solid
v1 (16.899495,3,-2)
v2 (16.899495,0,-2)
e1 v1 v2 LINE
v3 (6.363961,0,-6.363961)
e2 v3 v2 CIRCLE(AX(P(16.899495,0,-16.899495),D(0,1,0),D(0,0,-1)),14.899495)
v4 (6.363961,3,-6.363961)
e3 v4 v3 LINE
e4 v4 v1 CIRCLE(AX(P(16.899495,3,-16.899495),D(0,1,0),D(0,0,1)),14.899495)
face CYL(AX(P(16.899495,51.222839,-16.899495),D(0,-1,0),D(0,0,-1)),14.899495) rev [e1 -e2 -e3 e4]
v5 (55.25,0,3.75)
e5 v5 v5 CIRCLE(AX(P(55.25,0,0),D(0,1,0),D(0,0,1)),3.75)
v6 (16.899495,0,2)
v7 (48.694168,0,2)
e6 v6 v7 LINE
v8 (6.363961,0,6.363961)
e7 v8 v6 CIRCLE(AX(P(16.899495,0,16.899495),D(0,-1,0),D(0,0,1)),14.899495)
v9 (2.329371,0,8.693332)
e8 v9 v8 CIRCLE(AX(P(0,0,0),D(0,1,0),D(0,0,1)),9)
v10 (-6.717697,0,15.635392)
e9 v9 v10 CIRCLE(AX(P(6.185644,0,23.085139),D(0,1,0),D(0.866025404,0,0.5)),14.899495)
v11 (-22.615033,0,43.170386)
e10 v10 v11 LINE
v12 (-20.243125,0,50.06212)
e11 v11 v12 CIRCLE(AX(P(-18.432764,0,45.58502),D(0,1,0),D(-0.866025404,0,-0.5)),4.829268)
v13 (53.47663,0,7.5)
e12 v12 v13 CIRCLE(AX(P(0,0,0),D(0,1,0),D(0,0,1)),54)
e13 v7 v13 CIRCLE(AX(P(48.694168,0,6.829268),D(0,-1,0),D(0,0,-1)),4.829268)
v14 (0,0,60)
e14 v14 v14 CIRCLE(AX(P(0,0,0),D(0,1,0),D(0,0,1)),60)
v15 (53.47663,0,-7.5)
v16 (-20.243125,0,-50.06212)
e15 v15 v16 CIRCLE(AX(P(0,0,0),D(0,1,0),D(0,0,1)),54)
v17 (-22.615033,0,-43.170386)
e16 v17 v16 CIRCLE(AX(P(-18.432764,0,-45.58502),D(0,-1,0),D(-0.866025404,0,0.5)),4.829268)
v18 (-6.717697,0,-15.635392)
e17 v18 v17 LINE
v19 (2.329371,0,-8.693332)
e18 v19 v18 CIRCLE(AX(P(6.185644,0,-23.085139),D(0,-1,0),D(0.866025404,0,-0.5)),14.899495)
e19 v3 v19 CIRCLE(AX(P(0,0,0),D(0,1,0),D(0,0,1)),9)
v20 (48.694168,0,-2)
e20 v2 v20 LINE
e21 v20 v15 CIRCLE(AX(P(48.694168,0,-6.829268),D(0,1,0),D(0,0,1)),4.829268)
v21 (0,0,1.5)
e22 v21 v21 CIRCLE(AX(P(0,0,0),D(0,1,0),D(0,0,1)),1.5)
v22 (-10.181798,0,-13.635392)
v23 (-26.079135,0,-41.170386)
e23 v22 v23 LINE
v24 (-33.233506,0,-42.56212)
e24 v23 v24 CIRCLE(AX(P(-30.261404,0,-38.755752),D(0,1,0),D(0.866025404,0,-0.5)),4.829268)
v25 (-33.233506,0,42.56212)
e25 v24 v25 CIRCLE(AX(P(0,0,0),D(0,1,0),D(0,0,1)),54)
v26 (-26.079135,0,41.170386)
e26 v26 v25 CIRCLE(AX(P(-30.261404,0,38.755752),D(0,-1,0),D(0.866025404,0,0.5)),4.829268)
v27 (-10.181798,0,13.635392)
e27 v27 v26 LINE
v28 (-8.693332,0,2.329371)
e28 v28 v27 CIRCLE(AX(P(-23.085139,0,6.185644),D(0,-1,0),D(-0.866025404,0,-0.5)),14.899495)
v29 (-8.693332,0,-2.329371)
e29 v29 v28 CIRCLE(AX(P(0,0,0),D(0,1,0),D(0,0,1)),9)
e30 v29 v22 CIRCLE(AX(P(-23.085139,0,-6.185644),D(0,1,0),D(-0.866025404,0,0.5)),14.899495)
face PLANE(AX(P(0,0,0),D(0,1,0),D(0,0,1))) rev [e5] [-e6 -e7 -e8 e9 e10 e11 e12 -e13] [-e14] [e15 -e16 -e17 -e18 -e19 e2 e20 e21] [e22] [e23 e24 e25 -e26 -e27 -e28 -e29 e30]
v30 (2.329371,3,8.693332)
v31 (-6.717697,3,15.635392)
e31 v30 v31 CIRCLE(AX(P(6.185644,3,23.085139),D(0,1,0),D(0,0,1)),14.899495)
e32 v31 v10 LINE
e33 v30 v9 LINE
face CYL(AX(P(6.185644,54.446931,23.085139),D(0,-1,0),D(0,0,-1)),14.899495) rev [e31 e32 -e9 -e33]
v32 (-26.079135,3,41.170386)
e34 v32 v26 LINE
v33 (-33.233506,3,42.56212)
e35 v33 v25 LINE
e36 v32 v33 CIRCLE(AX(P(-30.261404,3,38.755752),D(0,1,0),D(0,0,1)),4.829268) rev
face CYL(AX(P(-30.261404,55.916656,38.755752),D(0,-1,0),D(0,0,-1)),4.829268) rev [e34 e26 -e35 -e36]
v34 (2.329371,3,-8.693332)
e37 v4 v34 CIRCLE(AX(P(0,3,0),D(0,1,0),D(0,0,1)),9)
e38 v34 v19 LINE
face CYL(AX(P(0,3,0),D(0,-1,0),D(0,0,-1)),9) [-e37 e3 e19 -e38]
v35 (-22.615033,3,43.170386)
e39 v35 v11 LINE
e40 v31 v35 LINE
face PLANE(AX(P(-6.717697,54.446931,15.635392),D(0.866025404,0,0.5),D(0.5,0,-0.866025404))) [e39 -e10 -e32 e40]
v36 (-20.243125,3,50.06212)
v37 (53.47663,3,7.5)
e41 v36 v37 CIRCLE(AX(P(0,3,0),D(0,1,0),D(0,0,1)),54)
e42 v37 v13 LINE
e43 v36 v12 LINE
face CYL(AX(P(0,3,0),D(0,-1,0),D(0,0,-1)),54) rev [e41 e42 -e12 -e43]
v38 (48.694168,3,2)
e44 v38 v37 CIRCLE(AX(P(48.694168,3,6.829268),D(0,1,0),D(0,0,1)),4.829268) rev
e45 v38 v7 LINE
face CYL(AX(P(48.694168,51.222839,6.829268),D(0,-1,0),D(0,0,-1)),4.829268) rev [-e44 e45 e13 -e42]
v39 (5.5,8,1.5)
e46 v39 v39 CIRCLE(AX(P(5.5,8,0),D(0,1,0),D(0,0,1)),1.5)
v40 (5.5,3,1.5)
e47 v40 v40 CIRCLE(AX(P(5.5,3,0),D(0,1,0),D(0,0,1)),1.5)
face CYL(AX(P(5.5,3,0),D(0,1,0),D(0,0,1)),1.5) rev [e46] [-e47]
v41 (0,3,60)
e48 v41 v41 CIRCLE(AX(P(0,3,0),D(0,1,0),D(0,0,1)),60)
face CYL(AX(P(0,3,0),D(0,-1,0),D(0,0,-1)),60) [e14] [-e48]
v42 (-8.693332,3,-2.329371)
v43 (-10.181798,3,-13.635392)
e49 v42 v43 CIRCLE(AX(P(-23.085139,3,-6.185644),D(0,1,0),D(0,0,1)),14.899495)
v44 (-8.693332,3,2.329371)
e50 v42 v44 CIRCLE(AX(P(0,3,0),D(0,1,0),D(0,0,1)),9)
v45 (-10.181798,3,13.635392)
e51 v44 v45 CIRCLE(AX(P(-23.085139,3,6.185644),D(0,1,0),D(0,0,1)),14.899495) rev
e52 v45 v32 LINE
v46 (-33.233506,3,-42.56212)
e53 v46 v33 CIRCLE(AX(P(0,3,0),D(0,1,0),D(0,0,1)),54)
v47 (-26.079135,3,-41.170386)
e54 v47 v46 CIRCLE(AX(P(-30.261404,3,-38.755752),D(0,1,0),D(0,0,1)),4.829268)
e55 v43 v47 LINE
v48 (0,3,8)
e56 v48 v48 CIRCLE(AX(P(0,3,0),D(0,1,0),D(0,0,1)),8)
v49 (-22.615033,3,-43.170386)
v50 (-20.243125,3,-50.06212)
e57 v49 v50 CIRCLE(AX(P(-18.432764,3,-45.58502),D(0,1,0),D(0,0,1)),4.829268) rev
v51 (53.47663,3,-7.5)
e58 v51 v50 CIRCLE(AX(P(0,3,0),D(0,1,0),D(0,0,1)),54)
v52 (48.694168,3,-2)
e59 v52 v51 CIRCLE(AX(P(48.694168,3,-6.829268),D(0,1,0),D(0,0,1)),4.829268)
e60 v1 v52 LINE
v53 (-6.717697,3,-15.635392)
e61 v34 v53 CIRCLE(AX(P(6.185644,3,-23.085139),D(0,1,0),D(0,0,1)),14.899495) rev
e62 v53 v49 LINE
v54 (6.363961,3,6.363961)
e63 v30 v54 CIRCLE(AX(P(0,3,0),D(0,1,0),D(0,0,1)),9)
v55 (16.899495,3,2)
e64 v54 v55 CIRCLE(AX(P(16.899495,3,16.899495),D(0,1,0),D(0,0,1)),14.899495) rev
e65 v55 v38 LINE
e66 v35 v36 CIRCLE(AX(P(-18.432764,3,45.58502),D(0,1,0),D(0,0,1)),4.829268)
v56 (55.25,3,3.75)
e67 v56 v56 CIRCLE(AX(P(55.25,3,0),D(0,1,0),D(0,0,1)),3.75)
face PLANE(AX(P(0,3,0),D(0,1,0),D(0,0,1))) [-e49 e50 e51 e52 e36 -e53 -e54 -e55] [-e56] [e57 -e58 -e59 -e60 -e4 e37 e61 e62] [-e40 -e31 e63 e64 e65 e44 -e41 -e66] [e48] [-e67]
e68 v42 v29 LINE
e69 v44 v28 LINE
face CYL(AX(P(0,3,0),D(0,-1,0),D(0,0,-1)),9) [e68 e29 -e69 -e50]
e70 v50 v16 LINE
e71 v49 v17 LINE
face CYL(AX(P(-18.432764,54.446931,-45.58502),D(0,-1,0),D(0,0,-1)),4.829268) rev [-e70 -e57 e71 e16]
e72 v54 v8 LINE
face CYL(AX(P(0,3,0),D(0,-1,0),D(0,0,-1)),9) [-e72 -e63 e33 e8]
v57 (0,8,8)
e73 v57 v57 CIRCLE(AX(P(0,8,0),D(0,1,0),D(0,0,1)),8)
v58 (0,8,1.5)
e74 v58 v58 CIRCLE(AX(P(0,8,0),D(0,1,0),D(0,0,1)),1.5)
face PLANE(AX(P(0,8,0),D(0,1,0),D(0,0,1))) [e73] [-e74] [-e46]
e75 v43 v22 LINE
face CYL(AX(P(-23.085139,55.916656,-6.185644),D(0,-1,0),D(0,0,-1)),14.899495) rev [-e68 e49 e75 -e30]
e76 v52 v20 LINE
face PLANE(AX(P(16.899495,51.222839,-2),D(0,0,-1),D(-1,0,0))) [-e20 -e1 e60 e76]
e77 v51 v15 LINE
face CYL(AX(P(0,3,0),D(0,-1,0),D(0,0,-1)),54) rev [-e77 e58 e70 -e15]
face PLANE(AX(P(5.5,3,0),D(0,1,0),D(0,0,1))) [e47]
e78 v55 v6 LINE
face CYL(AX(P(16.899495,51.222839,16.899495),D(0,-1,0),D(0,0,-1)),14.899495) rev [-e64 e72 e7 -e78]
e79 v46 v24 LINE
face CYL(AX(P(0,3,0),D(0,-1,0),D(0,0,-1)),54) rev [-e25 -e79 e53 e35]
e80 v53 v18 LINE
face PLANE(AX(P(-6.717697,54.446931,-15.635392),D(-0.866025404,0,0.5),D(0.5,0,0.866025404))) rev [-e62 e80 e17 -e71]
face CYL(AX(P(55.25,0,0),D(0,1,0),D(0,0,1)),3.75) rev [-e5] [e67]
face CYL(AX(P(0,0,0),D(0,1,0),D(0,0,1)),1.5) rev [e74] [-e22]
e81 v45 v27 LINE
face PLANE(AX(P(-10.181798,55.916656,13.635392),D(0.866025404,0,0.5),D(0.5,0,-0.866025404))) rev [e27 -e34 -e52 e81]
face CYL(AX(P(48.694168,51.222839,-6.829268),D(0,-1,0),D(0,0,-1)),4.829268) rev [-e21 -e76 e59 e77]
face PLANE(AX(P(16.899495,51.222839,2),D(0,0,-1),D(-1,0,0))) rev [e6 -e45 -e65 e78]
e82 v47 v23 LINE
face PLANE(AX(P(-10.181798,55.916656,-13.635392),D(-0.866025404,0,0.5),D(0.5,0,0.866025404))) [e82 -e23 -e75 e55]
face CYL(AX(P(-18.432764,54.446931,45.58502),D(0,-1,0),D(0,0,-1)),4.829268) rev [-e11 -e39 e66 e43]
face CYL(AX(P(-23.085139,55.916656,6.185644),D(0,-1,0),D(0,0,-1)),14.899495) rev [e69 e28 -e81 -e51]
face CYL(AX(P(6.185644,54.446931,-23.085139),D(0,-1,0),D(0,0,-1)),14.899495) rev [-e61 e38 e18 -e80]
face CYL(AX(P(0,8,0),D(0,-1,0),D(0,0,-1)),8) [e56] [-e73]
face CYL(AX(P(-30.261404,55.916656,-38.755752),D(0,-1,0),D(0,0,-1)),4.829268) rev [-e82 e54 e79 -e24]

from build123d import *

# Parameters (mm, degrees)
SKETCH1_R               = 60
SKETCH1_R_2             = 54
BOSS_EXTRUDE1_DEPTH     = 3
SKETCH2_R               = 9
BOSS_EXTRUDE2_DEPTH     = 3
SKETCH3_R               = 8
BOSS_EXTRUDE3_DEPTH     = 5
BOSS_EXTRUDE4_DEPTH     = 3
CIRPATTERN9_COUNT       = 3
MIRROR2_COPY_1_DEPTH    = 3
MIRROR2_COPY_2_DEPTH    = 3
SKETCH5_R               = 1.5
CUT_EXTRUDE1_DEPTH      = 5
CUT_EXTRUDE2_DEPTH      = 86.229103011
CUT_EXTRUDE2_DEPTH_BACK = 86.229103011
SKETCH6_R               = 1.5
CUT_EXTRUDE3_DEPTH      = 86
CUT_EXTRUDE3_DEPTH_BACK = 86
SKETCH7_R               = 3.75


with BuildPart() as part:
    # Sketch1 → Boss-Extrude1 (new body)
    with BuildSketch(Plane(origin=(0, 0, 0), x_dir=(1, 0, 0), z_dir=(0, 1, 0))):
        with Locations(Location((0, 0, 0), (0, 0, 270))):
            Circle(SKETCH1_R)
        with Locations(Location((0, 0, 0), (0, 0, 270))):
            Circle(SKETCH1_R_2, mode=Mode.SUBTRACT)
    extrude(amount=BOSS_EXTRUDE1_DEPTH)



with BuildPart() as body_2:
    # Sketch2 → Boss-Extrude2 (new body)
    with BuildSketch(Plane(origin=(0, 0, 0), x_dir=(1, 0, 0), z_dir=(0, 1, 0))):
        with Locations(Location((0, 0, 0), (0, 0, 270))):
            Circle(SKETCH2_R)
    extrude(amount=BOSS_EXTRUDE2_DEPTH)

    # Sketch3 → Boss-Extrude3 (add)
    with BuildSketch(Plane(origin=(0, 3, 0), x_dir=(1, 0, 0), z_dir=(0, 1, 0))):
        with Locations(Location((0, 0, 0), (0, 0, 270))):
            Circle(SKETCH3_R)
    extrude(amount=BOSS_EXTRUDE3_DEPTH)


with BuildPart() as part_1:
    add(part.part)

    add(body_2.part)  # Boss-Extrude4 merges body 2
    # Sketch4 → Boss-Extrude4 (add)
    with BuildSketch(Plane(origin=(0, 0, 0), x_dir=(1, 0, 0), z_dir=(0, 1, 0))):
        with BuildLine():
            Line((9, 0), (54, 0))
            ThreePointArc((54, 0), (53.868998701, -3.759119436), (53.47663041, -7.5))
            ThreePointArc((53.47663041, -7.5), (52.338407888, -3.660460246), (48.694167528, -2))
            Line((48.694167528, -2), (16.899494937, -2))
            ThreePointArc((16.899494937, -2), (11.197705074, -3.13415652), (6.363961031, -6.363961031))
            ThreePointArc((6.363961031, -6.363961031), (8.314915793, -3.444150891), (9, 0))
        make_face()
    boss_extrude4 = extrude(amount=BOSS_EXTRUDE4_DEPTH)

    # CirPattern9: Boss-Extrude4 ×3 about axis
    cirpattern9_axis = Axis((0, 0, 0), (0, 1, 0))
    for i in range(1, CIRPATTERN9_COUNT):
        add(boss_extrude4.rotate(cirpattern9_axis, i * 360 / CIRPATTERN9_COUNT))

    # Mirror2: Boss-Extrude4 across plane
    add(boss_extrude4.mirror(Plane(origin=(-4.5, 54.446930959, -7.794228634), x_dir=(0.5000000000000041, 0, 0.8660254037844362), z_dir=(0.8660254037844364, 0, -0.5000000000000041))))

    # Mirror2 copy 1 sketch → Mirror2 copy 1 (add)
    with BuildSketch(Plane(origin=(0, 0, 0), x_dir=(-0.5000000000000082, 0, -0.8660254037844338), z_dir=(0, 1, 0))):
        with BuildLine():
            Line((9, 0), (54, 0))
            ThreePointArc((54, 0), (53.868998701, 3.759119436), (53.47663041, 7.5))
            ThreePointArc((53.47663041, 7.5), (52.338407888, 3.660460246), (48.694167528, 2))
            Line((48.694167528, 2), (16.899494937, 2))
            ThreePointArc((16.899494937, 2), (11.197705074, 3.13415652), (6.363961031, 6.363961031))
            ThreePointArc((6.363961031, 6.363961031), (8.314915793, 3.444150891), (9, 0))
        make_face()
    extrude(amount=MIRROR2_COPY_1_DEPTH)

    # Mirror2 copy 2 sketch → Mirror2 copy 2 (add)
    with BuildSketch(Plane(origin=(0, 0, 0), x_dir=(1, 0, 0), z_dir=(0, 1, 0))):
        with BuildLine():
            Line((9, 0), (54, 0))
            ThreePointArc((54, 0), (53.868998701, 3.759119436), (53.47663041, 7.5))
            ThreePointArc((53.47663041, 7.5), (52.338407888, 3.660460246), (48.694167528, 2))
            Line((48.694167528, 2), (16.899494937, 2))
            ThreePointArc((16.899494937, 2), (11.197705074, 3.13415652), (6.363961031, 6.363961031))
            ThreePointArc((6.363961031, 6.363961031), (8.314915793, 3.444150891), (9, 0))
        make_face()
    extrude(amount=MIRROR2_COPY_2_DEPTH)

    # Sketch5 → Cut-Extrude1 (cut)
    with BuildSketch(Plane(origin=(0, 8, 0), x_dir=(1, 0, 0), z_dir=(0, 1, 0))):
        with Locations(Location((5.5, 0, 0), (0, 0, 270))):
            Circle(SKETCH5_R)
    extrude(amount=-CUT_EXTRUDE1_DEPTH, mode=Mode.SUBTRACT)

    # Sketch6 → Cut-Extrude2 (cut, two sides: drawn at the far end of the back side and taken through both)
    with BuildSketch(Plane(origin=(0, 8, 0), x_dir=(1, 0, 0), z_dir=(0, 1, 0)).offset(-CUT_EXTRUDE2_DEPTH_BACK)):
        with Locations(Location((0, 0, 0), (0, 0, 270))):
            Circle(SKETCH6_R)
    extrude(amount=CUT_EXTRUDE2_DEPTH + CUT_EXTRUDE2_DEPTH_BACK, mode=Mode.SUBTRACT)

    # Sketch7 → Cut-Extrude3 (cut, two sides: drawn at the far end of the back side and taken through both)
    with BuildSketch(Plane(origin=(0, 3, 0), x_dir=(1, 0, 0), z_dir=(0, 1, 0)).offset(-CUT_EXTRUDE3_DEPTH_BACK)):
        with Locations(Location((55.25, 0, 0), (0, 0, 270))):
            Circle(SKETCH7_R)
    extrude(amount=CUT_EXTRUDE3_DEPTH + CUT_EXTRUDE3_DEPTH_BACK, mode=Mode.SUBTRACT)


solid = part_1.part
